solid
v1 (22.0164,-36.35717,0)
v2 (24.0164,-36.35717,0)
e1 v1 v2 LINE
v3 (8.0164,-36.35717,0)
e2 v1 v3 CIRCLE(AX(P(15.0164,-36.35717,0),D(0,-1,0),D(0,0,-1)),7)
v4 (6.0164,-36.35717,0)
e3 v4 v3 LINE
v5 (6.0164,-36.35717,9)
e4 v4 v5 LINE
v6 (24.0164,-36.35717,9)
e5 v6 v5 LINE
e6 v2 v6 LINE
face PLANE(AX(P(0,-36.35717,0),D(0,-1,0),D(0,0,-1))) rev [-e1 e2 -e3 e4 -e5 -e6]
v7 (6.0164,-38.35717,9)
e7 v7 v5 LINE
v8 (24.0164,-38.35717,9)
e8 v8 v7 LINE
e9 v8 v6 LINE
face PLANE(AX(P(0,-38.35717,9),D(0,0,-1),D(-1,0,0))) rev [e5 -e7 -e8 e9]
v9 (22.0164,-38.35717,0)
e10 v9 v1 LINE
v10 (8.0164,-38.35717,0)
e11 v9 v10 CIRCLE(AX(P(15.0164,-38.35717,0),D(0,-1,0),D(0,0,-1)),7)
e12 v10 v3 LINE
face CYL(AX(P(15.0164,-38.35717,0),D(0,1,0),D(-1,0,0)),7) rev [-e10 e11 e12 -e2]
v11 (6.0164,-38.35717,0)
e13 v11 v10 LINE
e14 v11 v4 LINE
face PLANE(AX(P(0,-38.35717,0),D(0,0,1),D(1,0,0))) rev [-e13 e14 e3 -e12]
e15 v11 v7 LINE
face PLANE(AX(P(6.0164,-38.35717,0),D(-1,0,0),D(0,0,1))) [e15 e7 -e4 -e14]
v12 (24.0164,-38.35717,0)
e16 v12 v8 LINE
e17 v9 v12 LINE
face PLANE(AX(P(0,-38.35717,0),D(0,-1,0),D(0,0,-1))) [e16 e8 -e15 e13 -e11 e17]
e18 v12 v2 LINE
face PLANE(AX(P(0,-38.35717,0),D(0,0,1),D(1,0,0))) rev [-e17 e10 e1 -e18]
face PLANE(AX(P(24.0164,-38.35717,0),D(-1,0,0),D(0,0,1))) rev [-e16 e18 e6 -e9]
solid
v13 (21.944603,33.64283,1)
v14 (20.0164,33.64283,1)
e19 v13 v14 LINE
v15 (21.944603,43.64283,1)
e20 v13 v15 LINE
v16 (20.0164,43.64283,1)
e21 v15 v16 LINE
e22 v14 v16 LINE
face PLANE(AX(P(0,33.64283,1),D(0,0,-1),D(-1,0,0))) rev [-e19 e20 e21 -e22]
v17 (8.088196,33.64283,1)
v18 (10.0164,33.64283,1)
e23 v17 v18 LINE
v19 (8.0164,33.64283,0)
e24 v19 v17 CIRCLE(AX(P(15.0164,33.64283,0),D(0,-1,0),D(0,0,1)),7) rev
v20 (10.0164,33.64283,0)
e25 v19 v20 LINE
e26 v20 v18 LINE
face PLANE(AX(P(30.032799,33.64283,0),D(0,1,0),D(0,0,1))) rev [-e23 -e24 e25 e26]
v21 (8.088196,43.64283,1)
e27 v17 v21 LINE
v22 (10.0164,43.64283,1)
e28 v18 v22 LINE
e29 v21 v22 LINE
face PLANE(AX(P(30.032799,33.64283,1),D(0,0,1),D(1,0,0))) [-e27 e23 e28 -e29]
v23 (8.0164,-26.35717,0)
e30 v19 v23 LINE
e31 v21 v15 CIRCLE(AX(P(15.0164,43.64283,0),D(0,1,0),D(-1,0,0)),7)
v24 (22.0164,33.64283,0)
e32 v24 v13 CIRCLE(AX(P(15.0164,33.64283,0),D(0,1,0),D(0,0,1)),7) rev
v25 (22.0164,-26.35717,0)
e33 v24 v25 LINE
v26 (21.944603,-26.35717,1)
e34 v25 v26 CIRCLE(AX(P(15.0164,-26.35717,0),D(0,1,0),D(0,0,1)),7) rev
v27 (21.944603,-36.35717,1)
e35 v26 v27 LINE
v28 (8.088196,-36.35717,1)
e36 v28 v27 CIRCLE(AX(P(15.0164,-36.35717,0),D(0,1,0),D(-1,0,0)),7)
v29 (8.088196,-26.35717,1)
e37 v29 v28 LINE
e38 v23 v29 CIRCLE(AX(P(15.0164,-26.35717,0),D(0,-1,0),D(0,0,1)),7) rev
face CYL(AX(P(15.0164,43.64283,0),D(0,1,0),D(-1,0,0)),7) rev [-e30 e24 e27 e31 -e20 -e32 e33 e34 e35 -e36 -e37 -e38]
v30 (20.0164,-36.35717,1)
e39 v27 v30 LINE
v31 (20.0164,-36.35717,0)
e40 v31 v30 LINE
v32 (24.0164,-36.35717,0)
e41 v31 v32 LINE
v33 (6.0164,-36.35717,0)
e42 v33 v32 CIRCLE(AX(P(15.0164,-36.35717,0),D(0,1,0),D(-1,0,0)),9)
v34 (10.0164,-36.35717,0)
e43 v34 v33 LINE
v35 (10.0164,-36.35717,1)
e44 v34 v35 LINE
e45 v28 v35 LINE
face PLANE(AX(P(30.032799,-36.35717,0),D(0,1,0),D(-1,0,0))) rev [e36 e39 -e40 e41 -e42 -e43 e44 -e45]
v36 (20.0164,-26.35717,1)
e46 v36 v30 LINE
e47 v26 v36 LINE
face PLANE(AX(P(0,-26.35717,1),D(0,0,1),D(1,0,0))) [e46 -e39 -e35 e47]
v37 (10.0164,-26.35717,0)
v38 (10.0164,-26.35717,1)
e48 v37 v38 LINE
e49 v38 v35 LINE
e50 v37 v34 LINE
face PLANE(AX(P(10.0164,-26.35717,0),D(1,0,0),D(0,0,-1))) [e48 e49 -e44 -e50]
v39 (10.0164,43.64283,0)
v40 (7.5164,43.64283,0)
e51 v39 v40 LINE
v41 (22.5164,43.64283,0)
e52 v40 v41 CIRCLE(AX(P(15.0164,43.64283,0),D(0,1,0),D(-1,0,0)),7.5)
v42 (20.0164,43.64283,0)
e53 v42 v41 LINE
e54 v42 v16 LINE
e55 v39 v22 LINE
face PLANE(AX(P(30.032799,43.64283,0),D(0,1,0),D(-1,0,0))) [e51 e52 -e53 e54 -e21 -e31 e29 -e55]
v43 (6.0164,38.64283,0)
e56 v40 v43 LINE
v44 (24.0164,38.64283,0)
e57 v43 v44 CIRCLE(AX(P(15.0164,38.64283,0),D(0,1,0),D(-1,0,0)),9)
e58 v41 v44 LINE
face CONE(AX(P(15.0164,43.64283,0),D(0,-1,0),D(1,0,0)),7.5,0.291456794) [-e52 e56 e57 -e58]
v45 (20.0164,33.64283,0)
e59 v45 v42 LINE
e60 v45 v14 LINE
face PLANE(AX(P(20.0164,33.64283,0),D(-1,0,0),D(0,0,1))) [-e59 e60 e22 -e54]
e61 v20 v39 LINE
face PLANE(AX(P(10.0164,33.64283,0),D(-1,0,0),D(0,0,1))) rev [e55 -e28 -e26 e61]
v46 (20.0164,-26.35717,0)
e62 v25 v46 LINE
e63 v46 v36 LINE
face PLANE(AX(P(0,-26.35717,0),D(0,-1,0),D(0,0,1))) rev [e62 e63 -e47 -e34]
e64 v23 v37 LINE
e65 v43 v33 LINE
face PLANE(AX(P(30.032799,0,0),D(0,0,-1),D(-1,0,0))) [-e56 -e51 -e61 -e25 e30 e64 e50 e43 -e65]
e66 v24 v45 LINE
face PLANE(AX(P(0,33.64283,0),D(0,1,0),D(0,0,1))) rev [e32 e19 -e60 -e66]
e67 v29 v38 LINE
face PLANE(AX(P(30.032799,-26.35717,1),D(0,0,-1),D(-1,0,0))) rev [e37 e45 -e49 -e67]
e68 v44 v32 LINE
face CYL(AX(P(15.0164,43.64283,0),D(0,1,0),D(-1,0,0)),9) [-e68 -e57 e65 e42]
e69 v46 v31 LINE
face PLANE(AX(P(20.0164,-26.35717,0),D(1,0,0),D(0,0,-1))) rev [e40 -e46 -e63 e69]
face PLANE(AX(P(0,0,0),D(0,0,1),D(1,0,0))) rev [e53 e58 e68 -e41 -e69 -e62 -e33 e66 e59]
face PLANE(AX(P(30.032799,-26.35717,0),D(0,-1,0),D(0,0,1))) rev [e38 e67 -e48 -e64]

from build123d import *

# Parameters (mm, degrees)
REVOLVE_1_ANGLE                           = 180
EXTRUDE_START                             = -10
EXTRUDE_2_DEPTH                           = 10
MIRROR_START                              = -10
MIRROR_1_AT_THE_SECOND_PLANE_COPY_1_DEPTH = 10
EXTRUDE_3_DEPTH                           = 2


with BuildPart() as part:
    # 草图1 → 旋转1 (revolve)
    with BuildSketch(Plane.XY):
        Polygon((24.016399615, 38.642830462), (22.516399615, 43.642830462), (22.016399615, 43.642830462), (22.016399615, -36.357169538), (24.016399615, -36.357169538), align=None)
    revolve(axis=Axis((15.016399615, 43.642830462, 0), (0, -1, 0)), revolution_arc=REVOLVE_1_ANGLE)

    # 草图2 → 凸台-拉伸2 (add)
    with BuildSketch(Plane(origin=(0, 43.642830462, 0), x_dir=(1, 0, 0), z_dir=(0, 1, 0)).offset(EXTRUDE_START)):
        with BuildLine():
            ThreePointArc((21.944602846, -1), (21.998427351, -0.501287038), (22.016399615, 0))
            Line((22.016399615, 0), (20.016399615, 0))
            Line((20.016399615, 0), (20.016399615, -1))
            Line((20.016399615, -1), (21.944602846, -1))
        make_face()
    extrude_2 = extrude(amount=EXTRUDE_2_DEPTH)

    # 镜向1: 凸台-拉伸2 across plane
    add(extrude_2.mirror(Plane.ZX.offset(3.642830462)))

    # 镜向1 at the second plane: 凸台-拉伸2 across plane
    add(extrude_2.mirror(Plane(origin=(15.016399615, 0, 0), x_dir=(0, 0, 1), z_dir=(1, 0, 0))))

    # 镜向1 at the second plane copy 1 sket → 镜向1 at the second plane copy 1 (add)
    with BuildSketch(Plane(origin=(30.032799231, -36.357169538, 0), x_dir=(-1, 0, 0), z_dir=(0, -1, 0)).offset(MIRROR_START)):
        with BuildLine():
            ThreePointArc((21.944602846, -1), (21.998427351, -0.501287038), (22.016399615, 0))
            Line((22.016399615, 0), (20.016399615, 0))
            Line((20.016399615, 0), (20.016399615, -1))
            Line((20.016399615, -1), (21.944602846, -1))
        make_face()
    extrude(amount=MIRROR_1_AT_THE_SECOND_PLANE_COPY_1_DEPTH)


with BuildPart() as body_2:
    # 草图3 → 凸台-拉伸3 (new body)
    with BuildSketch(Plane.XZ.offset(36.357169538)):
        with BuildLine():
            Line((24.016399615, 9), (6.016399615, 9))
            Line((6.016399615, 9), (6.016399615, 0))
            Line((6.016399615, 0), (8.016399615, 0))
            ThreePointArc((8.016399615, 0), (15.016399615, 7), (22.016399615, 0))
            Line((22.016399615, 0), (24.016399615, 0))
            Line((24.016399615, 0), (24.016399615, 9))
        make_face()
    extrude(amount=EXTRUDE_3_DEPTH)


solid = Compound([part.part, body_2.part])
